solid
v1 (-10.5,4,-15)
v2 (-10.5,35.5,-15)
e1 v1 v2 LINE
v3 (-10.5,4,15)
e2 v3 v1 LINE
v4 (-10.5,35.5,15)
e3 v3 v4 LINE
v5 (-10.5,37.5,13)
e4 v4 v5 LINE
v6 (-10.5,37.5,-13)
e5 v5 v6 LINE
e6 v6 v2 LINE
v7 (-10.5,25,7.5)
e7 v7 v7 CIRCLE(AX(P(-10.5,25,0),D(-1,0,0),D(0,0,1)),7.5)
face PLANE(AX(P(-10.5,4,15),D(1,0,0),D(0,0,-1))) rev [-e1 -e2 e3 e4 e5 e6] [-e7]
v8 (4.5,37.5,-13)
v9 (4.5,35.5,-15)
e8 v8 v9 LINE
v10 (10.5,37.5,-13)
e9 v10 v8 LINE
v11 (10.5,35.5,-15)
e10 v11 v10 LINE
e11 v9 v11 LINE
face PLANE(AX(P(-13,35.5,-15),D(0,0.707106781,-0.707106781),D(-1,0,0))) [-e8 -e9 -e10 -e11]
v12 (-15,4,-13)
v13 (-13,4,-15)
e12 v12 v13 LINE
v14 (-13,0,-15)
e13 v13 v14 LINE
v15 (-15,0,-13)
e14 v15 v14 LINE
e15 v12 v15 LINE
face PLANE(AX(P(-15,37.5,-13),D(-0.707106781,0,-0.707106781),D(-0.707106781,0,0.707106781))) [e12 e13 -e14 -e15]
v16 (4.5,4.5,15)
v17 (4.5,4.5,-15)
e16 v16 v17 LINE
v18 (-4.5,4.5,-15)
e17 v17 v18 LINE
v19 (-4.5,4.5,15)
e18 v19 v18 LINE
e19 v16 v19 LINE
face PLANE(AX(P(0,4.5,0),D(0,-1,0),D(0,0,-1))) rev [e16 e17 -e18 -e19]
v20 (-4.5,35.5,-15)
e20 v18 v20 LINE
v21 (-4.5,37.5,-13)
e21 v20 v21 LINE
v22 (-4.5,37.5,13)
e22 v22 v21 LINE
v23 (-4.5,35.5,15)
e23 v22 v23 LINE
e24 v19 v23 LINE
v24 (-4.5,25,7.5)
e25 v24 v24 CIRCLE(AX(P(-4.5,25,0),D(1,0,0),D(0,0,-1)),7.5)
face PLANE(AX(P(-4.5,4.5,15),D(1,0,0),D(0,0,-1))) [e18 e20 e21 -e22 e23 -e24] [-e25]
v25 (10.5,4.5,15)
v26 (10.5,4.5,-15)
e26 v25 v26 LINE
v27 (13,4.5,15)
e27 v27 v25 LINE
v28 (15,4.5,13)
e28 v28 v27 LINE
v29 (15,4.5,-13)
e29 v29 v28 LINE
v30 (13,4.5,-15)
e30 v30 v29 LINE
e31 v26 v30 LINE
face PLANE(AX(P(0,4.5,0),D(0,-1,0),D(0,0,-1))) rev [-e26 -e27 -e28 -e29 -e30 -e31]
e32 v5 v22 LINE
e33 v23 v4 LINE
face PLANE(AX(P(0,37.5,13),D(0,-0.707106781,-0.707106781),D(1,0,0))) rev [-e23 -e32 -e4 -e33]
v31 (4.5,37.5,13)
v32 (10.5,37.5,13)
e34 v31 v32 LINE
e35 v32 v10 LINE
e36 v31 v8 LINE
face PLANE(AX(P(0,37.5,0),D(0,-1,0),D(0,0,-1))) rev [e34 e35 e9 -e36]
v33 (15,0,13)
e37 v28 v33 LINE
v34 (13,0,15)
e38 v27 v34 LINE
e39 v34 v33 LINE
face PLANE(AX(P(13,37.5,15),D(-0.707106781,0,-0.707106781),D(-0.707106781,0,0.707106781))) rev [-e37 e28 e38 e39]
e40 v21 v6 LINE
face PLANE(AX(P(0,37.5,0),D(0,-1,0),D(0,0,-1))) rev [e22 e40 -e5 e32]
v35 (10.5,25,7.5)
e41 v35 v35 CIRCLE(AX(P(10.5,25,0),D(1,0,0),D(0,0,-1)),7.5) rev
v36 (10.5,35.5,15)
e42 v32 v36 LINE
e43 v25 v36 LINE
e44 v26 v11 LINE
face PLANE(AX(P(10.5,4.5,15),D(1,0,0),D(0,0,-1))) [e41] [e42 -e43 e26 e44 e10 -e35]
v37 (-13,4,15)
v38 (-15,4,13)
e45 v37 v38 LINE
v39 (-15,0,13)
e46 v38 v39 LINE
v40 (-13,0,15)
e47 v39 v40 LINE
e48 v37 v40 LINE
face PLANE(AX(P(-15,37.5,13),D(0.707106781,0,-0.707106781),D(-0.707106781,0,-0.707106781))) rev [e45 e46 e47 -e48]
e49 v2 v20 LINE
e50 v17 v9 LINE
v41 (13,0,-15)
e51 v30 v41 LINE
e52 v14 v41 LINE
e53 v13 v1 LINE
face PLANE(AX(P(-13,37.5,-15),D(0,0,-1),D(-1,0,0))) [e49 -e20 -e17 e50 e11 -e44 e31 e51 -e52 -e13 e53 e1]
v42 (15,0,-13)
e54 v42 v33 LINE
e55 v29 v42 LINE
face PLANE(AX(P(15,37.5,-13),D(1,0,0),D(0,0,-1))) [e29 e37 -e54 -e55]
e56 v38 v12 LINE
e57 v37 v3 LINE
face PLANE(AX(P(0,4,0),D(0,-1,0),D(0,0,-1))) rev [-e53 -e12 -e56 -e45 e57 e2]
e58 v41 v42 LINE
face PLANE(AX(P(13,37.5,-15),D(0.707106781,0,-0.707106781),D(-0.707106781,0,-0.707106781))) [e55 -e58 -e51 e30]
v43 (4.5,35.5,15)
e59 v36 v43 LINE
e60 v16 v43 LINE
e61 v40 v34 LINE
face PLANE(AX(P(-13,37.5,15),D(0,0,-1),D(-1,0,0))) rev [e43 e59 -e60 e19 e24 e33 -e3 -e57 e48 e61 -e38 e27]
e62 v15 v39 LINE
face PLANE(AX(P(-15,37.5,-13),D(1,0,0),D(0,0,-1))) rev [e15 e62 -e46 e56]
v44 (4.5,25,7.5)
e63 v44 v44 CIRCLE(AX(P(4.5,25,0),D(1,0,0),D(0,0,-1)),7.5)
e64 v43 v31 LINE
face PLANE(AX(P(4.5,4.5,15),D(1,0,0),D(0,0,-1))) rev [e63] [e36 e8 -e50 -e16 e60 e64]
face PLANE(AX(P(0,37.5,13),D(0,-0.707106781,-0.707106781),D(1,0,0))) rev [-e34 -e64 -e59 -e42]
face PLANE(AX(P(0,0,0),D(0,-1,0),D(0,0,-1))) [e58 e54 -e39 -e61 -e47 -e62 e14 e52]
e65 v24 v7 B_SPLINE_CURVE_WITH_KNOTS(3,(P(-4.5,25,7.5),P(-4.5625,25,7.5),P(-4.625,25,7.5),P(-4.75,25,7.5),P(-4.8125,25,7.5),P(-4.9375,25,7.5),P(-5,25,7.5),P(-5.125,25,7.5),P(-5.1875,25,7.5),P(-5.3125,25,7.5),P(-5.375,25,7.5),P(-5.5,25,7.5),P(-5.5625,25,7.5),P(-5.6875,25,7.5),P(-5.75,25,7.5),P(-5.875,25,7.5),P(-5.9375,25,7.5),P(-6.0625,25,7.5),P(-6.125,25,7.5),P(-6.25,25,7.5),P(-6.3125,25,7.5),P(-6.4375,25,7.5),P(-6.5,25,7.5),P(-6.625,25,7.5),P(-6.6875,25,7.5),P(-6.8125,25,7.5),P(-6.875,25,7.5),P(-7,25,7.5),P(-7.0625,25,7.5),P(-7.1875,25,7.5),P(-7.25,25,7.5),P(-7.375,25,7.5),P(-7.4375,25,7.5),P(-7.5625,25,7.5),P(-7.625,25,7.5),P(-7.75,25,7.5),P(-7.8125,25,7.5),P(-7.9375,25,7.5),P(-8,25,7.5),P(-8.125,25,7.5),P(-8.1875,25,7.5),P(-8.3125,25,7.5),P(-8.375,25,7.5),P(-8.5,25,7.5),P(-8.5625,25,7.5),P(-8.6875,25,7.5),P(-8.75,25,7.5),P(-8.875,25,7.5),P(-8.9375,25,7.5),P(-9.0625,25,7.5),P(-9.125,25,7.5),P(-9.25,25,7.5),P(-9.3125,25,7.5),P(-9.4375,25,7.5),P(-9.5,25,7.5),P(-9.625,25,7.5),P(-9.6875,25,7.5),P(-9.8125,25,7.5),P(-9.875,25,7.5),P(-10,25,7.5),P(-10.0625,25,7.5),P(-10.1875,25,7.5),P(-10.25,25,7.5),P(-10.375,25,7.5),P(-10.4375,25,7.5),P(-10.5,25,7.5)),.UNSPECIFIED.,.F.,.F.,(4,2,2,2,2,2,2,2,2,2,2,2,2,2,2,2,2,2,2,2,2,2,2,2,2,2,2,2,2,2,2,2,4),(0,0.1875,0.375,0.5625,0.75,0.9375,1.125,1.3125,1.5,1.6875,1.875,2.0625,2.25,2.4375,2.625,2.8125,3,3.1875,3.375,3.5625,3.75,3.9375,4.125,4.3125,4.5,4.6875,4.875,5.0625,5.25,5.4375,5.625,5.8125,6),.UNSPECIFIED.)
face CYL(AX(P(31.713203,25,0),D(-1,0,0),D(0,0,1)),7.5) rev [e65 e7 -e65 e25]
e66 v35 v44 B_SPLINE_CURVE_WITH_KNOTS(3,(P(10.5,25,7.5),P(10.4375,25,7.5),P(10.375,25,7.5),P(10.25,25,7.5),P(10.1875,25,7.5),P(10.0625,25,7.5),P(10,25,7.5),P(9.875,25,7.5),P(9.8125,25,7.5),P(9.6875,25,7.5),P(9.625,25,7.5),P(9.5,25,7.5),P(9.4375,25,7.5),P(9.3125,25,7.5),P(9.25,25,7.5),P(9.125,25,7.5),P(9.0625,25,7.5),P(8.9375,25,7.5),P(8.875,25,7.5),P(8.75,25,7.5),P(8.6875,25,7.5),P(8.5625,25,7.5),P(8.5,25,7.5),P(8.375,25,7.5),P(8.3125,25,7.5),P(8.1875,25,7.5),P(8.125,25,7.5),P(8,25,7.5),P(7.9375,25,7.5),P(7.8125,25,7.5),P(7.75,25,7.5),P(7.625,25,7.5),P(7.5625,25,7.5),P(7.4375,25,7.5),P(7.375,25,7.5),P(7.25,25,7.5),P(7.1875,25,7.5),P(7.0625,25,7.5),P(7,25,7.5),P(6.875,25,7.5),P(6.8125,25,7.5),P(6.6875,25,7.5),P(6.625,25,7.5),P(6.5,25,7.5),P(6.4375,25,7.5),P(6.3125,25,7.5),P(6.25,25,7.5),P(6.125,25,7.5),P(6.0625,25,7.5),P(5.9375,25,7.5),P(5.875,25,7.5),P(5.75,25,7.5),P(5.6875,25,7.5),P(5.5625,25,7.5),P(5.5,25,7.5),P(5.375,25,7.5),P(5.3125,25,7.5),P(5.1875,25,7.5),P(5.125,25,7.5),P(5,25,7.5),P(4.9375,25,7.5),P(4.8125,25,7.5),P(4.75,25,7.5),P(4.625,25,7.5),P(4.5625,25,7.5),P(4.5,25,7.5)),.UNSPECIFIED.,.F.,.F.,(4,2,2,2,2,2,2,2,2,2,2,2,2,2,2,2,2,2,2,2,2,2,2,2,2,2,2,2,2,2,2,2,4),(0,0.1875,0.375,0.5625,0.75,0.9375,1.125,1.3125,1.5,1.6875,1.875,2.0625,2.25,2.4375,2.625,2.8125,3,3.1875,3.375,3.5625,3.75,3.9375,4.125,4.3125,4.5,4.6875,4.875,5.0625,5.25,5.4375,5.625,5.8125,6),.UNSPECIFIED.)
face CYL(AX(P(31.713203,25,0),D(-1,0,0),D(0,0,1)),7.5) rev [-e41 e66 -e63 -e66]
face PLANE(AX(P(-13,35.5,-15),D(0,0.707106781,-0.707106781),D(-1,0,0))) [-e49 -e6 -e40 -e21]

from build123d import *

# Parameters (mm, degrees)
EXTRUDE_1_DEPTH          = 37.5
SKETCH_4_W               = 2.5
SKETCH_4_H               = 30
CUT_EXTRUDE_2_DEPTH      = 33.5
CUT_EXTRUDE_3_DEPTH      = 44.084219849
CUT_EXTRUDE_3_DEPTH_BACK = 33.5
CUT_EXTRUDE_4_DEPTH      = 33
SKETCH_12_W              = 9
SKETCH_12_H              = 30
CUT_EXTRUDE_7_DEPTH      = 33
CUT_EXTRUDE_8_REACH      = 49.765
SKETCH_16_R              = 7.5
CHAMFER_2_SIZE           = 2


with BuildPart() as part:
    # 草图1 → 凸台-拉伸1 (new body)
    with BuildSketch(Plane(origin=(0, 0, 0), x_dir=(1, 0, 0), z_dir=(0, 1, 0))):
        Polygon((13, -15), (15, -13), (15, 13), (13, 15), (-13, 15), (-15, 13), (-15, -13), (-13, -15), align=None)
    extrude(amount=EXTRUDE_1_DEPTH)

    # 草图4 → 切除-拉伸2 (cut)
    with BuildSketch(Plane(origin=(0, 37.5, 0), x_dir=(1, 0, 0), z_dir=(0, 1, 0))):
        with Locations((-11.75, 0)):
            Rectangle(SKETCH_4_W, SKETCH_4_H)
    extrude(amount=-CUT_EXTRUDE_2_DEPTH, mode=Mode.SUBTRACT)

    # 草图9 → 切除-拉伸3 (cut, two sides: drawn at the far end of the back side and taken through both)
    with BuildSketch(Plane(origin=(0, 37.5, 0), x_dir=(1, 0, 0), z_dir=(0, 1, 0)).offset(-CUT_EXTRUDE_3_DEPTH_BACK)):
        Polygon((-13, -15), (-13, 15), (-15, 13), (-15, -13), align=None)
    extrude(amount=CUT_EXTRUDE_3_DEPTH + CUT_EXTRUDE_3_DEPTH_BACK, mode=Mode.SUBTRACT)

    # 草图11 → 切除-拉伸4 (cut)
    with BuildSketch(Plane(origin=(0, 37.5, 0), x_dir=(1, 0, 0), z_dir=(0, 1, 0))):
        Polygon((10.5, -15), (10.5, 15), (13, 15), (15, 13), (15, -13), (13, -15), align=None)
    extrude(amount=-CUT_EXTRUDE_4_DEPTH, mode=Mode.SUBTRACT)

    # 草图12 → 切除-拉伸7 (cut)
    with BuildSketch(Plane(origin=(0, 37.5, 0), x_dir=(1, 0, 0), z_dir=(0, 1, 0))):
        Rectangle(SKETCH_12_W, SKETCH_12_H)
    extrude(amount=-CUT_EXTRUDE_7_DEPTH, mode=Mode.SUBTRACT)

    # 切除-拉伸8: up to this face of the body (flat: up to its plane)
    cut_extrude_8_end = Plane(part.part.faces().sort_by_distance((10.5, 21, 0))[0])
    # 草图16 → 切除-拉伸8 (cut, up to the picked face)
    with BuildSketch(Plane.ZY.offset(10.5), mode=Mode.PRIVATE) as cut_extrude_8_sk1:
        with Locations((0, 25)):
            Circle(SKETCH_16_R)
    cut_extrude_8_tool1 = split(extrude(cut_extrude_8_sk1.sketch, amount=-CUT_EXTRUDE_8_REACH, mode=Mode.PRIVATE), bisect_by=cut_extrude_8_end, keep=Keep.BOTH, mode=Mode.PRIVATE)
    add(cut_extrude_8_tool1.solids().sort_by(Axis((-10.5, 25, 0), (1, 0, 0)))[0], mode=Mode.SUBTRACT)

    # 倒角2
    chamfer_2_edges = [part.edges().sort_by_distance(p)[0] for p in [
        (-7.5, 37.5, 15),
        (-7.5, 37.5, -15),
        (7.5, 37.5, -15),
        (7.5, 37.5, 15),
    ]]
    chamfer(chamfer_2_edges, length=CHAMFER_2_SIZE)


solid = part.part
